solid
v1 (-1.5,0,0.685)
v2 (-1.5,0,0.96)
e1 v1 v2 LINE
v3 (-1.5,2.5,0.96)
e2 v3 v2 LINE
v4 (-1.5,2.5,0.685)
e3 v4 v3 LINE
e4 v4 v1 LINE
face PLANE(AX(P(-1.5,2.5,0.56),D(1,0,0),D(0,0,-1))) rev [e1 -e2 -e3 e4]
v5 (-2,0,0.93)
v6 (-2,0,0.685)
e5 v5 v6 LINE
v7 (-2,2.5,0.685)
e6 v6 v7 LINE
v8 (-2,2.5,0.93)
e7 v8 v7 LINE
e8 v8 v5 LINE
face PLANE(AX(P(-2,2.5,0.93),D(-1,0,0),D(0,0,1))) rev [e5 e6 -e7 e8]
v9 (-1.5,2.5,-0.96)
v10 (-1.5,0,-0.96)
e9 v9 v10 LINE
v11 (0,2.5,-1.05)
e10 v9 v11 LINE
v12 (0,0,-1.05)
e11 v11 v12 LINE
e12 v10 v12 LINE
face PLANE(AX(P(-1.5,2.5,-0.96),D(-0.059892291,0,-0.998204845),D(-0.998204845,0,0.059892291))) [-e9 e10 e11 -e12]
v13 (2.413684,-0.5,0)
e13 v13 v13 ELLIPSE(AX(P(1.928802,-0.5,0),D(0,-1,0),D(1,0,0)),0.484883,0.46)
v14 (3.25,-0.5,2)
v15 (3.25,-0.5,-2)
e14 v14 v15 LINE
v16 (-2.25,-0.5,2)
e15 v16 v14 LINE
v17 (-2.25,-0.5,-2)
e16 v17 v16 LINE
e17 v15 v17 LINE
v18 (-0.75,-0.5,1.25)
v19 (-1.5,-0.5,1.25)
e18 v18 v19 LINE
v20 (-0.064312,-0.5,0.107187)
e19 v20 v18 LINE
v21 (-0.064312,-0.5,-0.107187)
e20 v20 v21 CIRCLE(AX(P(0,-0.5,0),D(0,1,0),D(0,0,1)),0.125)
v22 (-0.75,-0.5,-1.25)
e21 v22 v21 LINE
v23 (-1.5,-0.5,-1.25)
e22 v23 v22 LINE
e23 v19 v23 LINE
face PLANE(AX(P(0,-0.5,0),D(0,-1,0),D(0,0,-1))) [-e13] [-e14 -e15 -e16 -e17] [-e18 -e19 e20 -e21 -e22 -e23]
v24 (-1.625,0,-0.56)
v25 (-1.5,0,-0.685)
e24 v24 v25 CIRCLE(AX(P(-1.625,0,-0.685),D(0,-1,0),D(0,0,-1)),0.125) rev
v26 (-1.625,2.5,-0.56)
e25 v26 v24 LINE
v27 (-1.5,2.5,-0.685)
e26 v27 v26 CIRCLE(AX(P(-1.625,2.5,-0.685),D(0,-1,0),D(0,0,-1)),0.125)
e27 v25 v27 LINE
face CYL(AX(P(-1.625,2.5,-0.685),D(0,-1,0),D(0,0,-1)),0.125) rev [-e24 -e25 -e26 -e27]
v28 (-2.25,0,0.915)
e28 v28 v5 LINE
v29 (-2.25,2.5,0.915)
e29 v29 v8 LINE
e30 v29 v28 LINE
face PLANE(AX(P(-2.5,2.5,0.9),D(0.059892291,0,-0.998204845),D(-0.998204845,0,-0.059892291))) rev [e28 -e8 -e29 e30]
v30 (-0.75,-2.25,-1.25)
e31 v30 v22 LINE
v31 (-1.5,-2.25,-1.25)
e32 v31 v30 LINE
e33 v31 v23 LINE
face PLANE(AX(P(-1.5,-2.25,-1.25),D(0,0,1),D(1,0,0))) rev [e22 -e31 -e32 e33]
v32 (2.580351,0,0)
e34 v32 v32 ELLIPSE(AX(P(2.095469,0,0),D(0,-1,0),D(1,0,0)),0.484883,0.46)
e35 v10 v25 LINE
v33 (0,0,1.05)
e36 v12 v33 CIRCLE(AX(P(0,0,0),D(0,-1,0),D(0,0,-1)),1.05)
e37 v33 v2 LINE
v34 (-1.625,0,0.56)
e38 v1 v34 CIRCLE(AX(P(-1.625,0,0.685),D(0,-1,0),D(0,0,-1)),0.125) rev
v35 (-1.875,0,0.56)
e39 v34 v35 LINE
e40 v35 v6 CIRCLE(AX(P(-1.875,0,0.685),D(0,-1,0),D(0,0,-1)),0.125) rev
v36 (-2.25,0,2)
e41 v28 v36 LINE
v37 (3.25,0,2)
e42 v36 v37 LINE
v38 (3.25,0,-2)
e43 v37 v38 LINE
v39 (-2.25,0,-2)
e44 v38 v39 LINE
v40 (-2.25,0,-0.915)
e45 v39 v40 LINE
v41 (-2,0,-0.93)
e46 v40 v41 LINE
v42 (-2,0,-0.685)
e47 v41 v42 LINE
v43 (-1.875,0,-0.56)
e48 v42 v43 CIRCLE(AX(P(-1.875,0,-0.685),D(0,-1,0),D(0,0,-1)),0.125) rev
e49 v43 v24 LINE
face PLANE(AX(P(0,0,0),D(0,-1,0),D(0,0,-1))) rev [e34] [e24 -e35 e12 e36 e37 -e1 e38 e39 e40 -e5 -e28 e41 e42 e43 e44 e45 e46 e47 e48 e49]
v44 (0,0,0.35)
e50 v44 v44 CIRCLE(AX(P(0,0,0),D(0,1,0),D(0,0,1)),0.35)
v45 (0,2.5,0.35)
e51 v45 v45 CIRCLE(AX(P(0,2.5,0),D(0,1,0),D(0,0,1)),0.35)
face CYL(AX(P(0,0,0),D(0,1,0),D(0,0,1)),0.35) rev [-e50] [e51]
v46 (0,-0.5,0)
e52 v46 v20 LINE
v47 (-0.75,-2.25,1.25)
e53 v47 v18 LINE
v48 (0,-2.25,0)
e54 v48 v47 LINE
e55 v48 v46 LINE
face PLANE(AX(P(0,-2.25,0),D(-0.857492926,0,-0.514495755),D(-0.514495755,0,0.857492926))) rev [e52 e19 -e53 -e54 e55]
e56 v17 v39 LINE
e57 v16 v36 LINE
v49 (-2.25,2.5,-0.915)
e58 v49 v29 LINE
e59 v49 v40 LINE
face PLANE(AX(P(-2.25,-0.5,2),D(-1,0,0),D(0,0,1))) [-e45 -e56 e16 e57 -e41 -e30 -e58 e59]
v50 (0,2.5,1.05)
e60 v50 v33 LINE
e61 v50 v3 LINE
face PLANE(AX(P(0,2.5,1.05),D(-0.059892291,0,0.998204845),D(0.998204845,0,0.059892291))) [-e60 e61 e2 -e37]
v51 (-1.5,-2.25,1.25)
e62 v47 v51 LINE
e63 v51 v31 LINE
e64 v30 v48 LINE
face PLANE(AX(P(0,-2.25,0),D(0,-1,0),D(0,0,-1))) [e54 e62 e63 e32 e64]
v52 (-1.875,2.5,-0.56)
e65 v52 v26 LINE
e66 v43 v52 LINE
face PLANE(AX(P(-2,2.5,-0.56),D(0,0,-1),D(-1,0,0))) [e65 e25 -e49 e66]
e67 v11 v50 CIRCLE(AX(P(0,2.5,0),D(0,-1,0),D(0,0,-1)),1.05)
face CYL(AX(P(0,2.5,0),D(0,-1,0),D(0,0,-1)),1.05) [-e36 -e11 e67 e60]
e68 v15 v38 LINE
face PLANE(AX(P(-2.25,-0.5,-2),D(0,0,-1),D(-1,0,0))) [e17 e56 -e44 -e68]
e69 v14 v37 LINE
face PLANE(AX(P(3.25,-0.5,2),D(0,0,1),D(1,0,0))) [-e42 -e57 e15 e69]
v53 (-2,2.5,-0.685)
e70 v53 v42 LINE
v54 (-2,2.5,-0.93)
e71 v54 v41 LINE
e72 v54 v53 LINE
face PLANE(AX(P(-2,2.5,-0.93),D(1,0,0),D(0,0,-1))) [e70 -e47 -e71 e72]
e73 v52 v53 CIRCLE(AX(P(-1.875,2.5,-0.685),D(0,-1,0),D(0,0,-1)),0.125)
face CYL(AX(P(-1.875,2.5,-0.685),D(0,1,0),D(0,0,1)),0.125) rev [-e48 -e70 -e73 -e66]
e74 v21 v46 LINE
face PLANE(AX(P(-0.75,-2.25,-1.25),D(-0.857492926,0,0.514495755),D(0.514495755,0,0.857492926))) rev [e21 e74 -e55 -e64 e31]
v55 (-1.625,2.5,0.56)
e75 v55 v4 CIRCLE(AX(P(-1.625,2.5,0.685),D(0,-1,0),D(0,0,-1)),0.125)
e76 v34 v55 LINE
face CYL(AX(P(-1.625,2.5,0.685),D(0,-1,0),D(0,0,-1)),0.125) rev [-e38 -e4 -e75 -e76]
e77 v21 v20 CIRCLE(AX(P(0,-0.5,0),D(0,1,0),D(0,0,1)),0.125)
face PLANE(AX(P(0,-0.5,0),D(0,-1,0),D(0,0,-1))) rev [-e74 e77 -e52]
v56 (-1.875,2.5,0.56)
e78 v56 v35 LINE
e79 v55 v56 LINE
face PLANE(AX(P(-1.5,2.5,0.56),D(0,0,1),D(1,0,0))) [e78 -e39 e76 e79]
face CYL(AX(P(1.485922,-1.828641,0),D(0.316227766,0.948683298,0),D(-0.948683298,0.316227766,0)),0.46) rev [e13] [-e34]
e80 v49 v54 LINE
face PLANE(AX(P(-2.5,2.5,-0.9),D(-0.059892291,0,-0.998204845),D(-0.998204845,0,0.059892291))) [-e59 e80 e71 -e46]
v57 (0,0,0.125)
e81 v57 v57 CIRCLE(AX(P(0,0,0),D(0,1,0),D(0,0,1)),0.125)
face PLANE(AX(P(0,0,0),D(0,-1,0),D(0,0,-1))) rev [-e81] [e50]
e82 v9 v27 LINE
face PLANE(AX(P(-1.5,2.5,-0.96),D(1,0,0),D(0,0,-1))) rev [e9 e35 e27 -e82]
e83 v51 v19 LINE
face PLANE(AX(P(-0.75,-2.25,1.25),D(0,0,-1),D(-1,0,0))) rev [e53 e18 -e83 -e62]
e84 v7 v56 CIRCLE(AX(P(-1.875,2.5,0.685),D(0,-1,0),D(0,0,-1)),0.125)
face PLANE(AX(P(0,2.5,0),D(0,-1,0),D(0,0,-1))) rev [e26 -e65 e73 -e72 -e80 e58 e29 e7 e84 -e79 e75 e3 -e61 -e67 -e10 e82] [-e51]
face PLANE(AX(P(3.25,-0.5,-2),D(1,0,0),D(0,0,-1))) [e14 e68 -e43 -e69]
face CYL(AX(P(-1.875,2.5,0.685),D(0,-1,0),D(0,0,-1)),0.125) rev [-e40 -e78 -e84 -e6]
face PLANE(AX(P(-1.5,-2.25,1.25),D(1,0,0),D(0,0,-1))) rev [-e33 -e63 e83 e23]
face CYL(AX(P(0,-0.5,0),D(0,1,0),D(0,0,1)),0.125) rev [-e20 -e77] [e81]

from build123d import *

# Parameters (mm, degrees)
BOSS_EXTRUDE1_DEPTH     = 2.5
SKETCH4_R               = 0.35
THROUGH_HOLES_DEPTH     = 4.688156721
FILLET1_R               = 0.125
SKETCH5_R               = 0.125
BOSS_EXTRUDE2_DEPTH     = 0.5
SKETCH8_R               = 0.46
CUT_EXTRUDE1_DEPTH      = 5.582575695
CUT_EXTRUDE2_DEPTH      = 5.562071898
CUT_EXTRUDE2_DEPTH_BACK = 5.562071898
SKETCH9_W               = 1.465031661
SKETCH9_H               = 4
BOSS_EXTRUDE3_DEPTH     = 1.75


with BuildPart() as part:
    # Sketch3 → Boss-Extrude1 (new body)
    with BuildSketch(Plane(origin=(0, 0, 0), x_dir=(1, 0, 0), z_dir=(0, 1, 0))):
        with BuildLine():
            Line((-2.5, 0.9), (-2, 0.93))
            Line((-2, 0.93), (-2, 0.56))
            Line((-2, 0.56), (-1.5, 0.56))
            Line((-1.5, 0.56), (-1.5, 0.96))
            Line((-1.5, 0.96), (0, 1.05))
            ThreePointArc((0, 1.05), (1.05, 0), (0, -1.05))
            Line((0, -1.05), (-1.5, -0.96))
            Line((-1.5, -0.96), (-1.5, -0.56))
            Line((-1.5, -0.56), (-2, -0.56))
            Line((-2, -0.56), (-2, -0.93))
            Line((-2, -0.93), (-2.5, -0.9))
            Line((-2.5, -0.9), (-2.5, 0.9))
        make_face()
    extrude(amount=BOSS_EXTRUDE1_DEPTH)

    # Sketch4 → Through Holes (cut, through all)
    with BuildSketch(Plane(origin=(0, 2.5, 0), x_dir=(1, 0, 0), z_dir=(0, 1, 0))):
        with Locations(Location((0, 0, 0), (0, 0, 270))):
            Circle(SKETCH4_R)
    extrude(amount=-THROUGH_HOLES_DEPTH, mode=Mode.SUBTRACT)

    # Fillet1
    fillet1_edges = [part.edges().sort_by_distance(p)[0] for p in [
        (-2, 1.25, -0.56),
        (-1.5, 1.25, -0.56),
        (-1.5, 1.25, 0.56),
        (-2, 1.25, 0.56),
    ]]
    fillet(fillet1_edges, radius=FILLET1_R)

    # Sketch5 → Boss-Extrude2 (add)
    with BuildSketch(Plane(origin=(0, 0, 0), x_dir=(1, 0, 0), z_dir=(0, 1, 0))):
        Polygon((-2.25, -2), (1.75, -2), (3.25, -2), (3.25, 2), (1.75, 2), (-2.25, 2), align=None)
        with Locations(Location((0, 0, 0), (0, 0, 270))):
            Circle(SKETCH5_R, mode=Mode.SUBTRACT)
    extrude(amount=-BOSS_EXTRUDE2_DEPTH)

    # Sketch8 → Cut-Extrude1 (cut, through all)
    with BuildSketch(Plane(origin=(0.7, 2.1, 0), x_dir=(0.948683298050514, -0.3162277660168378, 0), z_dir=(0.3162277660168378, 0.948683298050514, 0))):
        with Locations((1.987936011, 0)):
            Circle(SKETCH8_R)
    extrude(amount=-CUT_EXTRUDE1_DEPTH, mode=Mode.SUBTRACT)

    # Sketch9 → Cut-Extrude2 (cut, two sides: drawn at the far end of the back side and taken through both)
    with BuildSketch(Plane.XZ.offset(-CUT_EXTRUDE2_DEPTH_BACK)):
        with Locations((-2.982515831, 0)):
            Rectangle(SKETCH9_W, SKETCH9_H)
    extrude(amount=CUT_EXTRUDE2_DEPTH + CUT_EXTRUDE2_DEPTH_BACK, mode=Mode.SUBTRACT)

    # Sketch10 → Boss-Extrude3 (add)
    with BuildSketch(Plane.XZ.offset(0.5)):
        Polygon((-1.5, 1.25), (-1.5, -1.25), (-0.75, -1.25), (0, 0), (-0.75, 1.25), align=None)
    extrude(amount=BOSS_EXTRUDE3_DEPTH)


solid = part.part
